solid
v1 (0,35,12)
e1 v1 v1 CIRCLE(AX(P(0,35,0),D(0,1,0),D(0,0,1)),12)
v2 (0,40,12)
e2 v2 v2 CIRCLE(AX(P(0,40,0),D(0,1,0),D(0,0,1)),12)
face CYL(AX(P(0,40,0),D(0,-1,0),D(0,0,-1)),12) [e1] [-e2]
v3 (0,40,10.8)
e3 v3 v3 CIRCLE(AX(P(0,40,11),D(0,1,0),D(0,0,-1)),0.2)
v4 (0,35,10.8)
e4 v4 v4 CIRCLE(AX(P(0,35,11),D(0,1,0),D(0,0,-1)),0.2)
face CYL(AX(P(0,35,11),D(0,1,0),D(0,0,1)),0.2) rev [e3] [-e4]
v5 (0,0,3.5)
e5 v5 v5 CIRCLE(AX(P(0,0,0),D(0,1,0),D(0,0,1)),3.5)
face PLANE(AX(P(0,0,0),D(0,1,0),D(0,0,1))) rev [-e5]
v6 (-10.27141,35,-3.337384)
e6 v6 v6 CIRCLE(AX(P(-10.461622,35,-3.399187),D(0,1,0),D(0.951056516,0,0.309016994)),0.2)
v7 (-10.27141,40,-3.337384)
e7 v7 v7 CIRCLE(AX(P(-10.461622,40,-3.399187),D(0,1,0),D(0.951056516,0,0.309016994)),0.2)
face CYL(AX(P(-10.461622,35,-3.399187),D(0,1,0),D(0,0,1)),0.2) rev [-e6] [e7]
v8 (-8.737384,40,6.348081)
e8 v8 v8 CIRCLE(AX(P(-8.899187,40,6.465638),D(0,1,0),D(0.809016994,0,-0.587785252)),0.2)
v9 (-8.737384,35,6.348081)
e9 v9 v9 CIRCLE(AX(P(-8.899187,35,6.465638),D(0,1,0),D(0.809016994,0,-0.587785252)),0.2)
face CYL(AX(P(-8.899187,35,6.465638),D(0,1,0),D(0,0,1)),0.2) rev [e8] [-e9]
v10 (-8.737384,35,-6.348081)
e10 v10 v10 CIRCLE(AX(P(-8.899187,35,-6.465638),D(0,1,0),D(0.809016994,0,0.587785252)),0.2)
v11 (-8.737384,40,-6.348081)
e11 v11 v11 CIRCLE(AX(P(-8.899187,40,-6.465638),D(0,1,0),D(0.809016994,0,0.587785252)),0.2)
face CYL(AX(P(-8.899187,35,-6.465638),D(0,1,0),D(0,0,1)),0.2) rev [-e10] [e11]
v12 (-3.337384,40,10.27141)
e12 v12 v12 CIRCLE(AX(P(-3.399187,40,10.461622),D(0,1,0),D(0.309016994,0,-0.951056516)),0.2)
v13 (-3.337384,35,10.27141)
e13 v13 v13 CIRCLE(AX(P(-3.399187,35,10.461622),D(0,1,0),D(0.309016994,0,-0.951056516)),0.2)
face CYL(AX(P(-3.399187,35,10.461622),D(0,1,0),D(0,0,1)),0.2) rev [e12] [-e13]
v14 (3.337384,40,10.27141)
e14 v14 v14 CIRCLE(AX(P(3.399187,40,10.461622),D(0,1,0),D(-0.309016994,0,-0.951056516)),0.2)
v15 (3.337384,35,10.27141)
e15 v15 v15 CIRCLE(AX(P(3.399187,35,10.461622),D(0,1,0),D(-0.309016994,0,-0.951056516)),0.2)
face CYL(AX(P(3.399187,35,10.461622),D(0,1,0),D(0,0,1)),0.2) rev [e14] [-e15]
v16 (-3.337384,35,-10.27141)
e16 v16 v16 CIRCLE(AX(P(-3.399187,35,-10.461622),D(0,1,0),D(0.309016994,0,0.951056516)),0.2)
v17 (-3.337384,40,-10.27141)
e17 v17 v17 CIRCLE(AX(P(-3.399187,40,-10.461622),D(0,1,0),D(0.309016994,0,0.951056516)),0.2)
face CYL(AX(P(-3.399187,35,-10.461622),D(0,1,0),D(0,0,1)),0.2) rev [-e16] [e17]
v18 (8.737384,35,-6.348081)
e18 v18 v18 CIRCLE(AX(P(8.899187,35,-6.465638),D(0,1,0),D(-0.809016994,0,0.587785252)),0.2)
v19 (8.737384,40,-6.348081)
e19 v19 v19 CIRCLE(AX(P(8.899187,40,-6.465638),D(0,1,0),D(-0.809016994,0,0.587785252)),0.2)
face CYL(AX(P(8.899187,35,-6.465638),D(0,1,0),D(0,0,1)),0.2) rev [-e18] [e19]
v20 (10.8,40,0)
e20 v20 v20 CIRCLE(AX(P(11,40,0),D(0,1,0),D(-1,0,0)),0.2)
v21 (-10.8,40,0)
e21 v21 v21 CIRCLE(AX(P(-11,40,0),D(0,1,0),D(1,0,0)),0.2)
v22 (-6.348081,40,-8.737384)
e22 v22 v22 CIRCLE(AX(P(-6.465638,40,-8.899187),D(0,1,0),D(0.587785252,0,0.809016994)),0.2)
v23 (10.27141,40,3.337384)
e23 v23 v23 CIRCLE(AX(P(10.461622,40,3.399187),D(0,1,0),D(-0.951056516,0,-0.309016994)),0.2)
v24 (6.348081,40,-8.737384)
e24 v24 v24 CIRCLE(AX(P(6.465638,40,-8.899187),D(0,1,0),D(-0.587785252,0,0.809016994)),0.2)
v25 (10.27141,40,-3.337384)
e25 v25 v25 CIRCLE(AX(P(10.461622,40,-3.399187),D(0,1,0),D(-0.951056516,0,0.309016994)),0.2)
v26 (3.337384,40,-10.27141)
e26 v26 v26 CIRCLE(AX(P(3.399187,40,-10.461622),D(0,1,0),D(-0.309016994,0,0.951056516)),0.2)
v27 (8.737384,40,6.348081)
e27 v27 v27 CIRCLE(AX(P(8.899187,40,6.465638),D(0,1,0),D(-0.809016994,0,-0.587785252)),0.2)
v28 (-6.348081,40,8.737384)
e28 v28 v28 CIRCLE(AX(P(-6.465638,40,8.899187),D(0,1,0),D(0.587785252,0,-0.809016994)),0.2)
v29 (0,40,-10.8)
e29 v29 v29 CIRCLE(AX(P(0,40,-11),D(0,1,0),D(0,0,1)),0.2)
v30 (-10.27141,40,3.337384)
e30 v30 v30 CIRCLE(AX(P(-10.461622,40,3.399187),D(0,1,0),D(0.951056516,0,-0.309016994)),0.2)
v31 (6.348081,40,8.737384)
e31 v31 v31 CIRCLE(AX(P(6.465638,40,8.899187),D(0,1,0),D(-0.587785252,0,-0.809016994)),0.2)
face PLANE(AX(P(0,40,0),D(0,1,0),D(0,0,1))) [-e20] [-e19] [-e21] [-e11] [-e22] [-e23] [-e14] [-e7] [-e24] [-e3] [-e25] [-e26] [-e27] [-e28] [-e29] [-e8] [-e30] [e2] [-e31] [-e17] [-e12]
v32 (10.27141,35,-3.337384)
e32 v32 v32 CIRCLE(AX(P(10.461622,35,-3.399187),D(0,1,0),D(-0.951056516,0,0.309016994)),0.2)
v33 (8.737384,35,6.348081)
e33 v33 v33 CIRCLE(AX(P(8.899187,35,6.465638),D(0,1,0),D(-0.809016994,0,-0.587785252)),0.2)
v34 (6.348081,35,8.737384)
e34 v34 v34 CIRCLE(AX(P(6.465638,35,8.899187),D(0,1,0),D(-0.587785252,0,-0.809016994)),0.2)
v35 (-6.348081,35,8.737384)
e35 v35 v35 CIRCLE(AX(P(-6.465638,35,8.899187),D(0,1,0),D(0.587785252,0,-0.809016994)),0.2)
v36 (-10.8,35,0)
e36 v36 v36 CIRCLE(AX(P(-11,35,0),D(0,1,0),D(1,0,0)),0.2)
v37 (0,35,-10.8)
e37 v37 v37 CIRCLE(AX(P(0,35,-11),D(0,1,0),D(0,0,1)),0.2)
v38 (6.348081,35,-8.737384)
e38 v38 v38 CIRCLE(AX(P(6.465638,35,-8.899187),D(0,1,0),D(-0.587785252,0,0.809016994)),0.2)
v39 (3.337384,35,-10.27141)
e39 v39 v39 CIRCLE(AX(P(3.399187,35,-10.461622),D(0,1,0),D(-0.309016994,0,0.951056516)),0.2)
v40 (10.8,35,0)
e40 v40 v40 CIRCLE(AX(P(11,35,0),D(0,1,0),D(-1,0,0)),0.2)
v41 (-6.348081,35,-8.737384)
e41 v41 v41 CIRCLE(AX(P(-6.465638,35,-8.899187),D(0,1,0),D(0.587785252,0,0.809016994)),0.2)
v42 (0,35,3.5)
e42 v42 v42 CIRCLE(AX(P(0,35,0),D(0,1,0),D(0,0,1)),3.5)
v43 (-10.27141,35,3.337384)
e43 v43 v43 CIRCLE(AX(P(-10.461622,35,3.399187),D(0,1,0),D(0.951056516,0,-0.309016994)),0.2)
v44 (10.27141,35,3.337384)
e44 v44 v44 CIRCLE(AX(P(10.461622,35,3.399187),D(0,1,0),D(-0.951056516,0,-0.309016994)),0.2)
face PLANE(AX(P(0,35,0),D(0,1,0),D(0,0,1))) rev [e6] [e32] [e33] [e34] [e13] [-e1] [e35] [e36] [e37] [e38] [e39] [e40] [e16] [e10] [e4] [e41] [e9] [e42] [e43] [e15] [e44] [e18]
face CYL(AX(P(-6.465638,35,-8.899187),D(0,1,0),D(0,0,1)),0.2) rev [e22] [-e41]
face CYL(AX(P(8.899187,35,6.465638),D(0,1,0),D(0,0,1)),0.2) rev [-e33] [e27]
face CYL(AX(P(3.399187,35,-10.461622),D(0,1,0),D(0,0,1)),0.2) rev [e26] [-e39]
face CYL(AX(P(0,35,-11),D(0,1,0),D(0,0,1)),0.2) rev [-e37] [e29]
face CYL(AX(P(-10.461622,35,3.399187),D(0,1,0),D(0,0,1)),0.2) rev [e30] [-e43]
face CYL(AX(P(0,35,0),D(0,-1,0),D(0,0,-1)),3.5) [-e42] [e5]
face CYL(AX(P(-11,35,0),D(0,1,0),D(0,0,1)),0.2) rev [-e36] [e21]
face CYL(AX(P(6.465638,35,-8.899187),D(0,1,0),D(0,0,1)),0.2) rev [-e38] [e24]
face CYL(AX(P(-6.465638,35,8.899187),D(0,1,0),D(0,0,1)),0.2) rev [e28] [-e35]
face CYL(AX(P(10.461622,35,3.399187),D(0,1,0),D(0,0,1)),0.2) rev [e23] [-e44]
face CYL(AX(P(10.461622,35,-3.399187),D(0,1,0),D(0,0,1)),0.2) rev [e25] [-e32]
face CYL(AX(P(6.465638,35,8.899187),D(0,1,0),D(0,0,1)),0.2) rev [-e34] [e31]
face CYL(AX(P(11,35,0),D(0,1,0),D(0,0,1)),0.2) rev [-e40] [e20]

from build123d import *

# Parameters (mm, degrees)
SKETCH1_R           = 3.5
BOSS_EXTRUDE1_DEPTH = 35
SKETCH2_R           = 12
BOSS_EXTRUDE2_DEPTH = 5
SKETCH3_R           = 0.2
CUT_EXTRUDE1_DEPTH  = 5
CIRPATTERN1_COUNT   = 20


with BuildPart() as part:
    # Sketch1 → Boss-Extrude1 (new body)
    with BuildSketch(Plane(origin=(0, 0, 0), x_dir=(1, 0, 0), z_dir=(0, 1, 0))):
        with Locations(Location((0, 0, 0), (0, 0, 270))):
            Circle(SKETCH1_R)
    extrude(amount=BOSS_EXTRUDE1_DEPTH)

    # Sketch2 → Boss-Extrude2 (add)
    with BuildSketch(Plane(origin=(0, 35, 0), x_dir=(1, 0, 0), z_dir=(0, 1, 0))):
        with Locations(Location((0, 0, 0), (0, 0, 270))):
            Circle(SKETCH2_R)
    extrude(amount=BOSS_EXTRUDE2_DEPTH)

    # Sketch3 → Cut-Extrude1 (cut)
    with BuildSketch(Plane(origin=(0, 40, 0), x_dir=(1, 0, 0), z_dir=(0, 1, 0))):
        with Locations(Location((0, 11, 0), (0, 0, 270))):
            Circle(SKETCH3_R)
    cut_extrude1 = extrude(amount=-CUT_EXTRUDE1_DEPTH, mode=Mode.SUBTRACT)

    # CirPattern1: Cut-Extrude1 ×20 about axis
    cirpattern1_axis = Axis((0, 0, 0), (0, 1, 0))
    for i in range(1, CIRPATTERN1_COUNT):
        add(cut_extrude1.rotate(cirpattern1_axis, i * 360 / CIRPATTERN1_COUNT), mode=Mode.SUBTRACT)


solid = part.part
